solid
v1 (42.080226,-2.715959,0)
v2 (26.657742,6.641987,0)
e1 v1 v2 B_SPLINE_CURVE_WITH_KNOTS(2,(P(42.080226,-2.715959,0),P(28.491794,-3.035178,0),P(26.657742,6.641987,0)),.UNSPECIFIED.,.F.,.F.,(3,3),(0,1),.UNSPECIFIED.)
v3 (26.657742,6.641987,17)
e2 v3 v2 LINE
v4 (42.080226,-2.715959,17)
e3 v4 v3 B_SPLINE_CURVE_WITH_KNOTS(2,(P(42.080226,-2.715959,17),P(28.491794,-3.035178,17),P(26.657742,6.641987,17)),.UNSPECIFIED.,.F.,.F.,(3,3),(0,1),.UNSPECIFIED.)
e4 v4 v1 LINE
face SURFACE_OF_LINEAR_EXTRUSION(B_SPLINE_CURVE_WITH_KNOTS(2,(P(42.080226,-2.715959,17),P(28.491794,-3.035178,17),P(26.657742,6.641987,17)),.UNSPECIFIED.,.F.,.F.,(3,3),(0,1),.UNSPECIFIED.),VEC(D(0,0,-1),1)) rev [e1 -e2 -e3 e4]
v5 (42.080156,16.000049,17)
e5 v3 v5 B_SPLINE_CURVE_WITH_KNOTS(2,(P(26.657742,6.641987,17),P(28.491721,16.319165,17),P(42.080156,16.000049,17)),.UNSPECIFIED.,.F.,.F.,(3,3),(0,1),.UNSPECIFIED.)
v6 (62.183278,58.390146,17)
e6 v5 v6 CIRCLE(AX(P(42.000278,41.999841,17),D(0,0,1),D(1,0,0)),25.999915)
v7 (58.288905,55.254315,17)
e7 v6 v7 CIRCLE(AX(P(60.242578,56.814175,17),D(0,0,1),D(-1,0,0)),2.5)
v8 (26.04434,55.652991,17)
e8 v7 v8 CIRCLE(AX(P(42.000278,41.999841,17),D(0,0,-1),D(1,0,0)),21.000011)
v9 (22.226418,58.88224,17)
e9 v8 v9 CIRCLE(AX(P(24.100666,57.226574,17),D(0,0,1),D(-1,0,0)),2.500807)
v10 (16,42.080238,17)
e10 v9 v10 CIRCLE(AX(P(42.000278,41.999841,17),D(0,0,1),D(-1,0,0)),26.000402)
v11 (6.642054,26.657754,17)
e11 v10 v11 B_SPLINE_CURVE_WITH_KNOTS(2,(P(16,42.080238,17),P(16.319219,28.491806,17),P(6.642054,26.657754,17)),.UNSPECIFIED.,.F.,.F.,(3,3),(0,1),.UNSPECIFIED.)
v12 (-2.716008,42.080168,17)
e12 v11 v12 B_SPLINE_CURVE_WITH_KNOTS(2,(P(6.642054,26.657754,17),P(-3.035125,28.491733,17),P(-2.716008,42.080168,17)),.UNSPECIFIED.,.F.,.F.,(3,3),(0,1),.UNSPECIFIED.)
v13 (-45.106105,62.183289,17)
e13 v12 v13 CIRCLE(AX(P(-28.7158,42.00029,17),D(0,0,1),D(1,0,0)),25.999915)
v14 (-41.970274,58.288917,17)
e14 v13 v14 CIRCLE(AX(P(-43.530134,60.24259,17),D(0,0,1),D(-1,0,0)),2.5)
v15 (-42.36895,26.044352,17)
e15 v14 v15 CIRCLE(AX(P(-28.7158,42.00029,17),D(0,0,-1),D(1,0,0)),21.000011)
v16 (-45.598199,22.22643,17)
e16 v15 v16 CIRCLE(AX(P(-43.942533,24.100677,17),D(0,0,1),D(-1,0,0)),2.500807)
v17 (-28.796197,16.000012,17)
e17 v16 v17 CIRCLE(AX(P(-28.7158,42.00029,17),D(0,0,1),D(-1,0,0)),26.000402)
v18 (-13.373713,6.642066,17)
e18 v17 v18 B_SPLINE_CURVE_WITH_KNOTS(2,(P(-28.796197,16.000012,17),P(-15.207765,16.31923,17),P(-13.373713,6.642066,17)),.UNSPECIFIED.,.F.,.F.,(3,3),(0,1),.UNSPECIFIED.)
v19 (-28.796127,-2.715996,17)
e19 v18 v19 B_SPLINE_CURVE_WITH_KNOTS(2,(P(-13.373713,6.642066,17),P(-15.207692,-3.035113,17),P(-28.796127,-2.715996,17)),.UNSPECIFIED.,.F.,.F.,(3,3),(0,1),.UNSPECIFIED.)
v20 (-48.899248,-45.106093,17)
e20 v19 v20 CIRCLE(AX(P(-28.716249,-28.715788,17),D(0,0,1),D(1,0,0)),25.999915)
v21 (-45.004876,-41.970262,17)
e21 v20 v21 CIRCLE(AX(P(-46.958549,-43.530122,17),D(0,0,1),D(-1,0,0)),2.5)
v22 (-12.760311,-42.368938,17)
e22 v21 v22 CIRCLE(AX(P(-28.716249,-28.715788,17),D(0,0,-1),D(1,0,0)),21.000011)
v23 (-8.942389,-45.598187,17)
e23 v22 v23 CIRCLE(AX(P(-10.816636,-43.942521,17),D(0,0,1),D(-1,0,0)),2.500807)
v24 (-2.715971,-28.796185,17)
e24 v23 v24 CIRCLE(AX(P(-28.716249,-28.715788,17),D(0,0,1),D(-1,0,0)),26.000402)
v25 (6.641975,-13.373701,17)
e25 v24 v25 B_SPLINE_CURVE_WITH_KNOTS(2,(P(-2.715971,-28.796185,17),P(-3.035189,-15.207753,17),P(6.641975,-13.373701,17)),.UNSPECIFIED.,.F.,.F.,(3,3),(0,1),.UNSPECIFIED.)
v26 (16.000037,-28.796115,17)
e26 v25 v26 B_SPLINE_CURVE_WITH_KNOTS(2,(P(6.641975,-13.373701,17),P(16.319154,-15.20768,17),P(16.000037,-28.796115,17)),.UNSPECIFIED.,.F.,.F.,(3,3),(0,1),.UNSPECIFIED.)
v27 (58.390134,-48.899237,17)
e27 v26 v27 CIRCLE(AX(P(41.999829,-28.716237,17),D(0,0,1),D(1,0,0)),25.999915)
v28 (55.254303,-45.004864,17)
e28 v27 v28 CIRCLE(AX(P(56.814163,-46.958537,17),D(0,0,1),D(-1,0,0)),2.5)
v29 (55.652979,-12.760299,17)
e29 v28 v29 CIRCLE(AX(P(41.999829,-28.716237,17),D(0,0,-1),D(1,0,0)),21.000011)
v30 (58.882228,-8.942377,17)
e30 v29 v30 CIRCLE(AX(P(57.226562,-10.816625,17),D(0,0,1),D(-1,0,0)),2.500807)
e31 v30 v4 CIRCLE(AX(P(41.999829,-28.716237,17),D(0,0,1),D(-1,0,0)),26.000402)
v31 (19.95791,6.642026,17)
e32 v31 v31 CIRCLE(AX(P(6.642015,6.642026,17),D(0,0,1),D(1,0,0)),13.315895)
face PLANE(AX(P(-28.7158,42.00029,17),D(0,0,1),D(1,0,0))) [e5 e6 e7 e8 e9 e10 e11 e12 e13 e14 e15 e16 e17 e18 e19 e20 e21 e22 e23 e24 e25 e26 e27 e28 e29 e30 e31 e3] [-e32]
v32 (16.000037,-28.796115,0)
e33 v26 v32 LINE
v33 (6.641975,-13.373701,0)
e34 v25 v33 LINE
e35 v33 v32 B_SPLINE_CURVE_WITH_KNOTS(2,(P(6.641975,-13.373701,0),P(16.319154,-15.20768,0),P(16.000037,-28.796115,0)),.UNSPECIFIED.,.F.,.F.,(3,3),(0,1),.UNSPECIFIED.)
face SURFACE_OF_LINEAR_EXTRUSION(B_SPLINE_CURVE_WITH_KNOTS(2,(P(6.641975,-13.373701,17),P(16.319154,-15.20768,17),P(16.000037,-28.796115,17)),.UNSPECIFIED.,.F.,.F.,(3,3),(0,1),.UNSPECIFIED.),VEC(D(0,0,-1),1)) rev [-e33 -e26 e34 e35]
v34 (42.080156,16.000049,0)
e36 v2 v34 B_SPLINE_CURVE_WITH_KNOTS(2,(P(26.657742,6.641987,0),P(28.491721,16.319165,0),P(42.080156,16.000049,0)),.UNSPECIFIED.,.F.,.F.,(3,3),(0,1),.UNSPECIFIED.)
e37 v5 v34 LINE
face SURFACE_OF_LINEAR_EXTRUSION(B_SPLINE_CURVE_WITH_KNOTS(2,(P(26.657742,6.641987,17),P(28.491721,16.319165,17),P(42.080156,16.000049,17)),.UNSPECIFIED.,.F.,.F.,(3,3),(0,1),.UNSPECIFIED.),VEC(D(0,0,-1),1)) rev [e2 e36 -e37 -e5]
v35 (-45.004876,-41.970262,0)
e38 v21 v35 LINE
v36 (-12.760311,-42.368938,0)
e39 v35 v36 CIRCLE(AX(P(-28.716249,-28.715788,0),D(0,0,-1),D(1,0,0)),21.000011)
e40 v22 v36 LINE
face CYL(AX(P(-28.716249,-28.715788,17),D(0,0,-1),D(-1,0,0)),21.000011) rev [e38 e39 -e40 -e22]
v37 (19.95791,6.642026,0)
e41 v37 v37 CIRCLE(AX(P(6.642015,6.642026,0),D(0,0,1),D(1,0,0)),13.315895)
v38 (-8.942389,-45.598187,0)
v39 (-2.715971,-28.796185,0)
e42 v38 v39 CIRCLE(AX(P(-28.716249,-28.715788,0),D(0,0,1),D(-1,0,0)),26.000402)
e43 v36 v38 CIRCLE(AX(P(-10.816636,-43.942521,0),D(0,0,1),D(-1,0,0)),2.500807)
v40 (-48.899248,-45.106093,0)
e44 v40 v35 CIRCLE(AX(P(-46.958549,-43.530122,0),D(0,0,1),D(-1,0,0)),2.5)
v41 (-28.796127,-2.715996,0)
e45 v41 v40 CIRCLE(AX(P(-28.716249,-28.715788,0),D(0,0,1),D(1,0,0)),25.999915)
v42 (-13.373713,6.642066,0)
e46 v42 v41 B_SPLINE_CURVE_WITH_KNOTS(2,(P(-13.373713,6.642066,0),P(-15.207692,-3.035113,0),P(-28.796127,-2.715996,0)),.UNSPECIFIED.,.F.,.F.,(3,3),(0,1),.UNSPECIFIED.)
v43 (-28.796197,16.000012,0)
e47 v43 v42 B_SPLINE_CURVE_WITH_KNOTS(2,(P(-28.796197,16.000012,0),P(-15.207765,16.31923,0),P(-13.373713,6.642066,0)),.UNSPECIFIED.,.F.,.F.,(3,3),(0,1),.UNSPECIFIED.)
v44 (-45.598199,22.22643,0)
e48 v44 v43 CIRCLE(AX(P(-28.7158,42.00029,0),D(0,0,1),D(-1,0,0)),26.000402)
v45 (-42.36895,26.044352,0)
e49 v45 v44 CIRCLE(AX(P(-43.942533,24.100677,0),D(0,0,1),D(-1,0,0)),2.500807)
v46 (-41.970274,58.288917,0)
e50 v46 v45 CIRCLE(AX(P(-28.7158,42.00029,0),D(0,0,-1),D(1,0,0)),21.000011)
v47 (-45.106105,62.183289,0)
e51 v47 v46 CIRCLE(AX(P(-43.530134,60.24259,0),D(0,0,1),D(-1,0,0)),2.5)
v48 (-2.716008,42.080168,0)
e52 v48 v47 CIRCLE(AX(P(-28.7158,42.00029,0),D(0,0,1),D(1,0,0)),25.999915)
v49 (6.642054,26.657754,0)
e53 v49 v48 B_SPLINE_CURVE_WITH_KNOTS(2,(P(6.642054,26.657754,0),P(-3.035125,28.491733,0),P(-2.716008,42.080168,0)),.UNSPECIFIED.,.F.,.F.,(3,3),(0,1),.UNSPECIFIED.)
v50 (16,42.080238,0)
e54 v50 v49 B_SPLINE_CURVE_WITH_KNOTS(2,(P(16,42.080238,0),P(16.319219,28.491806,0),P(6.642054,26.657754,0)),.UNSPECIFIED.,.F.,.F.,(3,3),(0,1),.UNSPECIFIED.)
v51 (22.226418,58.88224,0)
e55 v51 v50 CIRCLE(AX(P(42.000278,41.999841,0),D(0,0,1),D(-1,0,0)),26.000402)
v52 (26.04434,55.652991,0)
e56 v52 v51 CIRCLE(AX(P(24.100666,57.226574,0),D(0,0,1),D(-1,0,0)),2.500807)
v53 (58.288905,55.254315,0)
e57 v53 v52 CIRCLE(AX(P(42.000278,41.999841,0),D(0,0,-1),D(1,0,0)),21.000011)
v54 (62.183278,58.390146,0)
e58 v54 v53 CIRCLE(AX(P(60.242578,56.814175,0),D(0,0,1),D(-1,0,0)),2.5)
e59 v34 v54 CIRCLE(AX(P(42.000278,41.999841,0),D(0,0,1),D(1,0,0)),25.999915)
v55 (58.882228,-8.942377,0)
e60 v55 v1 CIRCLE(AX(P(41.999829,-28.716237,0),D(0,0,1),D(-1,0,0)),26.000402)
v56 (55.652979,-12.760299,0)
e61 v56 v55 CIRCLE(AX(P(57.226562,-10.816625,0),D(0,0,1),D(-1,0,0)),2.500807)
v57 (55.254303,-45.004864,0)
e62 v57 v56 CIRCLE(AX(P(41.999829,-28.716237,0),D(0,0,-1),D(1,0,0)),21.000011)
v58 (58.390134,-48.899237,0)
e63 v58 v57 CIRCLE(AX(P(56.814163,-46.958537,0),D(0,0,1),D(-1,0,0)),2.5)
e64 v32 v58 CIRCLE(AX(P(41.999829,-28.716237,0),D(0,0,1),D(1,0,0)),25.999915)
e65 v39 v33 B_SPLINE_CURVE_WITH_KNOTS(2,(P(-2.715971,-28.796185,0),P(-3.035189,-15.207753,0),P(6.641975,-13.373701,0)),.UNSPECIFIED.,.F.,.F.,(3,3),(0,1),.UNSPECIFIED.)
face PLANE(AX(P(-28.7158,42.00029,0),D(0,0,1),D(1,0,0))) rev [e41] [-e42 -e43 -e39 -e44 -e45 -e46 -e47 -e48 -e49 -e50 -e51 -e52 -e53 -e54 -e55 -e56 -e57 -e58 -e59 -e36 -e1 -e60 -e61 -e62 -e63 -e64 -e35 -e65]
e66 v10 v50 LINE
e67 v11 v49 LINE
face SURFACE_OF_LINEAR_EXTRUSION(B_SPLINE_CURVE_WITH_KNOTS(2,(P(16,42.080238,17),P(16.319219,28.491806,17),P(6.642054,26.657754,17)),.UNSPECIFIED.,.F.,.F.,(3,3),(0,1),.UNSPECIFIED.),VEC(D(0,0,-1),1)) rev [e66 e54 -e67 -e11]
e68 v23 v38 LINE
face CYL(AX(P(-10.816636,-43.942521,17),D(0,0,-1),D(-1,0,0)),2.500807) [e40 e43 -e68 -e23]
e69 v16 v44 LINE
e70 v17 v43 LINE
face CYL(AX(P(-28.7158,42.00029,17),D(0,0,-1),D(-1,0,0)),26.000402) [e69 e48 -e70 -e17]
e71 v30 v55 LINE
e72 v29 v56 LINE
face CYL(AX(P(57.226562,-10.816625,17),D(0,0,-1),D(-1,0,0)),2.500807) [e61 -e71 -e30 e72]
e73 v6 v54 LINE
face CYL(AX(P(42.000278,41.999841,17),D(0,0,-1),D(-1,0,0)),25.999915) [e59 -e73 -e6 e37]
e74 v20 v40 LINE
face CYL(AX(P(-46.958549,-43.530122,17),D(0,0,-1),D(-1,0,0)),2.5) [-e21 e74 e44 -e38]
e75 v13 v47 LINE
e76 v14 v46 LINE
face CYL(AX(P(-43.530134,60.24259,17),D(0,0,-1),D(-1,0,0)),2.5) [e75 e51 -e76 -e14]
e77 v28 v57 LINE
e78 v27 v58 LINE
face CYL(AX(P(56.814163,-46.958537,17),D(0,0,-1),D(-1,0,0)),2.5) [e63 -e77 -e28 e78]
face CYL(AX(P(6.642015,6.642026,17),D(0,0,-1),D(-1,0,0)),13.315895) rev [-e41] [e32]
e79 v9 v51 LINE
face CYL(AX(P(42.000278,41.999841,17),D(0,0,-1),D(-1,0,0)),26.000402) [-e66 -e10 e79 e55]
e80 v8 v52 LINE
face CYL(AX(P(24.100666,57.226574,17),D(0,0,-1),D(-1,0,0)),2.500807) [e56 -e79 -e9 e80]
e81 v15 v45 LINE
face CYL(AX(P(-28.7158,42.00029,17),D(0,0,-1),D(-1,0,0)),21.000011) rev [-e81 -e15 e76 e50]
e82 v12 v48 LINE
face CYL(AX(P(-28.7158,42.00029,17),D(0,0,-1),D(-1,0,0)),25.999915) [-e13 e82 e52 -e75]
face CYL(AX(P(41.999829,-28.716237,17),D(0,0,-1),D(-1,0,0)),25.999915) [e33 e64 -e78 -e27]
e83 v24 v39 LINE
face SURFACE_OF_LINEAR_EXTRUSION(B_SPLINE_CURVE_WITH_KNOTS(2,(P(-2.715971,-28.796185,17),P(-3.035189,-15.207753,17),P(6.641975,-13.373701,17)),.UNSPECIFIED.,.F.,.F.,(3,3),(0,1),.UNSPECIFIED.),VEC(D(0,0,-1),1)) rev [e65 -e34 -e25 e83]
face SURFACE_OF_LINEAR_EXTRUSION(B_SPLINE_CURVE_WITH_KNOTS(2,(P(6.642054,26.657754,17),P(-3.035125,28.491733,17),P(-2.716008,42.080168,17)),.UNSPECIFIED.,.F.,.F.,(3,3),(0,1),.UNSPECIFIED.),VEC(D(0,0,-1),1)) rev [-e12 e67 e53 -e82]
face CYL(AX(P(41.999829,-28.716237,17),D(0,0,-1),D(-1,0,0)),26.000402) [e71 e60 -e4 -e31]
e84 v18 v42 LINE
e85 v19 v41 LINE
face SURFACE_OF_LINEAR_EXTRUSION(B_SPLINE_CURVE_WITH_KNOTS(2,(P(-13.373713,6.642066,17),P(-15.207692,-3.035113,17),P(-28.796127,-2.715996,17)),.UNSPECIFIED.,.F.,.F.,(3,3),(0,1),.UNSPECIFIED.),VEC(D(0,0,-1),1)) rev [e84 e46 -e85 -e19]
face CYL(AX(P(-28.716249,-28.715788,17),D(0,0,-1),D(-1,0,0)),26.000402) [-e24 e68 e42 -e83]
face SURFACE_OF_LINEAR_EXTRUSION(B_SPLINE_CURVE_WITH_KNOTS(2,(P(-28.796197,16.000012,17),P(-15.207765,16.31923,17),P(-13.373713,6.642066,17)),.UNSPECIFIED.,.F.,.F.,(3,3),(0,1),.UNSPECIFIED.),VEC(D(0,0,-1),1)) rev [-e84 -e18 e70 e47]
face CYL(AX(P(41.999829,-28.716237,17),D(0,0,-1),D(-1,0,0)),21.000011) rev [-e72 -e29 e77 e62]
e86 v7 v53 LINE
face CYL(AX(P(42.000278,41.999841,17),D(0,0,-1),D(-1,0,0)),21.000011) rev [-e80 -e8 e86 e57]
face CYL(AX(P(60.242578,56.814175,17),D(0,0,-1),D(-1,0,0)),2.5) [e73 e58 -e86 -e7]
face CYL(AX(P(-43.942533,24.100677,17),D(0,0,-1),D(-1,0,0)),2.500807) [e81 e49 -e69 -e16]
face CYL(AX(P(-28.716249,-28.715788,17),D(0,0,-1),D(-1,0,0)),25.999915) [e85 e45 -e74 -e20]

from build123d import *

# Parameters (mm, degrees)
ESQUISSE2_R        = 13.315895319
BOSS_EXTRU_1_DEPTH = 17


with BuildPart() as part:
    # Esquisse2 → Boss.-Extru.1 (new body)
    with BuildSketch(Plane.XY):
        with BuildLine():
            ThreePointArc((-41.970273906, 58.288916899), (-45.477336755, 58.674660716), (-45.106104784, 62.183289358))
            ThreePointArc((-45.106104784, 62.183289358), (-17.574909645, 65.492333679), (-2.716007813, 42.080167687))
            add(Edge.make_bspline(
                [(-2.716007813, 42.080167687), (-3.035124512, 28.491732954), (6.642053999, 26.657753906)],
                knots=[0, 0, 0, 1, 1, 1], degree=2))
            add(Edge.make_bspline(
                [(16, 42.080237959), (16.319218738, 28.491805623), (6.642053999, 26.657753906)],
                knots=[0, 0, 0, 1, 1, 1], degree=2))
            ThreePointArc((16, 42.080237959), (17.620066034, 51.034561919), (22.226418394, 58.882239885))
            ThreePointArc((22.226418394, 58.882239885), (25.715663474, 59.135975829), (26.044340034, 55.652990776))
            ThreePointArc((26.044340034, 55.652990776), (22.521938117, 34.151609621), (39.967073041, 21.098488371))
            ThreePointArc((39.967073041, 21.098488371), (60.505936251, 32.073055278), (58.288905312, 55.254314833))
            ThreePointArc((58.288905312, 55.254314833), (58.674649129, 58.761377683), (62.18327777, 58.390145711))
            ThreePointArc((62.18327777, 58.390145711), (65.492322092, 30.858950572), (42.080156099, 16.000048741))
            add(Edge.make_bspline(
                [(42.080156099, 16.000048741), (28.491721366, 16.319165439), (26.657742318, 6.641986928)],
                knots=[0, 0, 0, 1, 1, 1], degree=2))
            add(Edge.make_bspline(
                [(42.080226372, -2.715959073), (28.491794035, -3.035177811), (26.657742318, 6.641986928)],
                knots=[0, 0, 0, 1, 1, 1], degree=2))
            ThreePointArc((42.080226372, -2.715959073), (51.034550331, -4.336025106), (58.882228297, -8.942377467))
            ThreePointArc((58.882228297, -8.942377467), (59.135964241, -12.431622547), (55.652979189, -12.760299107))
            ThreePointArc((55.652979189, -12.760299107), (34.151598033, -9.23789719), (21.098476784, -26.683032113))
            ThreePointArc((21.098476784, -26.683032113), (32.07304369, -47.221895323), (55.254303246, -45.004864384))
            ThreePointArc((55.254303246, -45.004864384), (58.761366095, -45.390608201), (58.390134124, -48.899236843))
            ThreePointArc((58.390134124, -48.899236843), (30.858938985, -52.208281164), (16.000037153, -28.796115172))
            add(Edge.make_bspline(
                [(16.000037153, -28.796115172), (16.319153851, -15.207680439), (6.64197534, -13.373701391)],
                knots=[0, 0, 0, 1, 1, 1], degree=2))
            add(Edge.make_bspline(
                [(-2.71597066, -28.796185444), (-3.035189399, -15.207753108), (6.64197534, -13.373701391)],
                knots=[0, 0, 0, 1, 1, 1], degree=2))
            ThreePointArc((-2.71597066, -28.796185444), (-4.336036694, -37.750509404), (-8.942389054, -45.59818737))
            ThreePointArc((-8.942389054, -45.59818737), (-12.431634134, -45.851923314), (-12.760310694, -42.368938261))
            ThreePointArc((-12.760310694, -42.368938261), (-9.237908778, -20.867557106), (-26.683043701, -7.814435856))
            ThreePointArc((-26.683043701, -7.814435856), (-47.221906911, -18.789002763), (-45.004875972, -41.970262318))
            ThreePointArc((-45.004875972, -41.970262318), (-45.390619789, -45.477325168), (-48.899248431, -45.106093196))
            ThreePointArc((-48.899248431, -45.106093196), (-52.208292752, -17.574898057), (-28.79612676, -2.715996226))
            add(Edge.make_bspline(
                [(-28.79612676, -2.715996226), (-15.207692026, -3.035112924), (-13.373712979, 6.642065587)],
                knots=[0, 0, 0, 1, 1, 1], degree=2))
            add(Edge.make_bspline(
                [(-28.796197032, 16.000011588), (-15.207764695, 16.319230326), (-13.373712979, 6.642065587)],
                knots=[0, 0, 0, 1, 1, 1], degree=2))
            ThreePointArc((-28.796197032, 16.000011588), (-37.750520991, 17.620077621), (-45.598198957, 22.226429982))
            ThreePointArc((-45.598198957, 22.226429982), (-45.851934901, 25.715675062), (-42.368949849, 26.044351622))
            ThreePointArc((-42.368949849, 26.044351622), (-20.867568694, 22.521949705), (-7.814447444, 39.967084628))
            ThreePointArc((-7.814447444, 39.967084628), (-18.789014351, 60.505947838), (-41.970273906, 58.288916899))
        make_face()
        with Locations((6.64201467, 6.642026257)):
            Circle(ESQUISSE2_R, mode=Mode.SUBTRACT)
    extrude(amount=BOSS_EXTRU_1_DEPTH)


solid = part.part
